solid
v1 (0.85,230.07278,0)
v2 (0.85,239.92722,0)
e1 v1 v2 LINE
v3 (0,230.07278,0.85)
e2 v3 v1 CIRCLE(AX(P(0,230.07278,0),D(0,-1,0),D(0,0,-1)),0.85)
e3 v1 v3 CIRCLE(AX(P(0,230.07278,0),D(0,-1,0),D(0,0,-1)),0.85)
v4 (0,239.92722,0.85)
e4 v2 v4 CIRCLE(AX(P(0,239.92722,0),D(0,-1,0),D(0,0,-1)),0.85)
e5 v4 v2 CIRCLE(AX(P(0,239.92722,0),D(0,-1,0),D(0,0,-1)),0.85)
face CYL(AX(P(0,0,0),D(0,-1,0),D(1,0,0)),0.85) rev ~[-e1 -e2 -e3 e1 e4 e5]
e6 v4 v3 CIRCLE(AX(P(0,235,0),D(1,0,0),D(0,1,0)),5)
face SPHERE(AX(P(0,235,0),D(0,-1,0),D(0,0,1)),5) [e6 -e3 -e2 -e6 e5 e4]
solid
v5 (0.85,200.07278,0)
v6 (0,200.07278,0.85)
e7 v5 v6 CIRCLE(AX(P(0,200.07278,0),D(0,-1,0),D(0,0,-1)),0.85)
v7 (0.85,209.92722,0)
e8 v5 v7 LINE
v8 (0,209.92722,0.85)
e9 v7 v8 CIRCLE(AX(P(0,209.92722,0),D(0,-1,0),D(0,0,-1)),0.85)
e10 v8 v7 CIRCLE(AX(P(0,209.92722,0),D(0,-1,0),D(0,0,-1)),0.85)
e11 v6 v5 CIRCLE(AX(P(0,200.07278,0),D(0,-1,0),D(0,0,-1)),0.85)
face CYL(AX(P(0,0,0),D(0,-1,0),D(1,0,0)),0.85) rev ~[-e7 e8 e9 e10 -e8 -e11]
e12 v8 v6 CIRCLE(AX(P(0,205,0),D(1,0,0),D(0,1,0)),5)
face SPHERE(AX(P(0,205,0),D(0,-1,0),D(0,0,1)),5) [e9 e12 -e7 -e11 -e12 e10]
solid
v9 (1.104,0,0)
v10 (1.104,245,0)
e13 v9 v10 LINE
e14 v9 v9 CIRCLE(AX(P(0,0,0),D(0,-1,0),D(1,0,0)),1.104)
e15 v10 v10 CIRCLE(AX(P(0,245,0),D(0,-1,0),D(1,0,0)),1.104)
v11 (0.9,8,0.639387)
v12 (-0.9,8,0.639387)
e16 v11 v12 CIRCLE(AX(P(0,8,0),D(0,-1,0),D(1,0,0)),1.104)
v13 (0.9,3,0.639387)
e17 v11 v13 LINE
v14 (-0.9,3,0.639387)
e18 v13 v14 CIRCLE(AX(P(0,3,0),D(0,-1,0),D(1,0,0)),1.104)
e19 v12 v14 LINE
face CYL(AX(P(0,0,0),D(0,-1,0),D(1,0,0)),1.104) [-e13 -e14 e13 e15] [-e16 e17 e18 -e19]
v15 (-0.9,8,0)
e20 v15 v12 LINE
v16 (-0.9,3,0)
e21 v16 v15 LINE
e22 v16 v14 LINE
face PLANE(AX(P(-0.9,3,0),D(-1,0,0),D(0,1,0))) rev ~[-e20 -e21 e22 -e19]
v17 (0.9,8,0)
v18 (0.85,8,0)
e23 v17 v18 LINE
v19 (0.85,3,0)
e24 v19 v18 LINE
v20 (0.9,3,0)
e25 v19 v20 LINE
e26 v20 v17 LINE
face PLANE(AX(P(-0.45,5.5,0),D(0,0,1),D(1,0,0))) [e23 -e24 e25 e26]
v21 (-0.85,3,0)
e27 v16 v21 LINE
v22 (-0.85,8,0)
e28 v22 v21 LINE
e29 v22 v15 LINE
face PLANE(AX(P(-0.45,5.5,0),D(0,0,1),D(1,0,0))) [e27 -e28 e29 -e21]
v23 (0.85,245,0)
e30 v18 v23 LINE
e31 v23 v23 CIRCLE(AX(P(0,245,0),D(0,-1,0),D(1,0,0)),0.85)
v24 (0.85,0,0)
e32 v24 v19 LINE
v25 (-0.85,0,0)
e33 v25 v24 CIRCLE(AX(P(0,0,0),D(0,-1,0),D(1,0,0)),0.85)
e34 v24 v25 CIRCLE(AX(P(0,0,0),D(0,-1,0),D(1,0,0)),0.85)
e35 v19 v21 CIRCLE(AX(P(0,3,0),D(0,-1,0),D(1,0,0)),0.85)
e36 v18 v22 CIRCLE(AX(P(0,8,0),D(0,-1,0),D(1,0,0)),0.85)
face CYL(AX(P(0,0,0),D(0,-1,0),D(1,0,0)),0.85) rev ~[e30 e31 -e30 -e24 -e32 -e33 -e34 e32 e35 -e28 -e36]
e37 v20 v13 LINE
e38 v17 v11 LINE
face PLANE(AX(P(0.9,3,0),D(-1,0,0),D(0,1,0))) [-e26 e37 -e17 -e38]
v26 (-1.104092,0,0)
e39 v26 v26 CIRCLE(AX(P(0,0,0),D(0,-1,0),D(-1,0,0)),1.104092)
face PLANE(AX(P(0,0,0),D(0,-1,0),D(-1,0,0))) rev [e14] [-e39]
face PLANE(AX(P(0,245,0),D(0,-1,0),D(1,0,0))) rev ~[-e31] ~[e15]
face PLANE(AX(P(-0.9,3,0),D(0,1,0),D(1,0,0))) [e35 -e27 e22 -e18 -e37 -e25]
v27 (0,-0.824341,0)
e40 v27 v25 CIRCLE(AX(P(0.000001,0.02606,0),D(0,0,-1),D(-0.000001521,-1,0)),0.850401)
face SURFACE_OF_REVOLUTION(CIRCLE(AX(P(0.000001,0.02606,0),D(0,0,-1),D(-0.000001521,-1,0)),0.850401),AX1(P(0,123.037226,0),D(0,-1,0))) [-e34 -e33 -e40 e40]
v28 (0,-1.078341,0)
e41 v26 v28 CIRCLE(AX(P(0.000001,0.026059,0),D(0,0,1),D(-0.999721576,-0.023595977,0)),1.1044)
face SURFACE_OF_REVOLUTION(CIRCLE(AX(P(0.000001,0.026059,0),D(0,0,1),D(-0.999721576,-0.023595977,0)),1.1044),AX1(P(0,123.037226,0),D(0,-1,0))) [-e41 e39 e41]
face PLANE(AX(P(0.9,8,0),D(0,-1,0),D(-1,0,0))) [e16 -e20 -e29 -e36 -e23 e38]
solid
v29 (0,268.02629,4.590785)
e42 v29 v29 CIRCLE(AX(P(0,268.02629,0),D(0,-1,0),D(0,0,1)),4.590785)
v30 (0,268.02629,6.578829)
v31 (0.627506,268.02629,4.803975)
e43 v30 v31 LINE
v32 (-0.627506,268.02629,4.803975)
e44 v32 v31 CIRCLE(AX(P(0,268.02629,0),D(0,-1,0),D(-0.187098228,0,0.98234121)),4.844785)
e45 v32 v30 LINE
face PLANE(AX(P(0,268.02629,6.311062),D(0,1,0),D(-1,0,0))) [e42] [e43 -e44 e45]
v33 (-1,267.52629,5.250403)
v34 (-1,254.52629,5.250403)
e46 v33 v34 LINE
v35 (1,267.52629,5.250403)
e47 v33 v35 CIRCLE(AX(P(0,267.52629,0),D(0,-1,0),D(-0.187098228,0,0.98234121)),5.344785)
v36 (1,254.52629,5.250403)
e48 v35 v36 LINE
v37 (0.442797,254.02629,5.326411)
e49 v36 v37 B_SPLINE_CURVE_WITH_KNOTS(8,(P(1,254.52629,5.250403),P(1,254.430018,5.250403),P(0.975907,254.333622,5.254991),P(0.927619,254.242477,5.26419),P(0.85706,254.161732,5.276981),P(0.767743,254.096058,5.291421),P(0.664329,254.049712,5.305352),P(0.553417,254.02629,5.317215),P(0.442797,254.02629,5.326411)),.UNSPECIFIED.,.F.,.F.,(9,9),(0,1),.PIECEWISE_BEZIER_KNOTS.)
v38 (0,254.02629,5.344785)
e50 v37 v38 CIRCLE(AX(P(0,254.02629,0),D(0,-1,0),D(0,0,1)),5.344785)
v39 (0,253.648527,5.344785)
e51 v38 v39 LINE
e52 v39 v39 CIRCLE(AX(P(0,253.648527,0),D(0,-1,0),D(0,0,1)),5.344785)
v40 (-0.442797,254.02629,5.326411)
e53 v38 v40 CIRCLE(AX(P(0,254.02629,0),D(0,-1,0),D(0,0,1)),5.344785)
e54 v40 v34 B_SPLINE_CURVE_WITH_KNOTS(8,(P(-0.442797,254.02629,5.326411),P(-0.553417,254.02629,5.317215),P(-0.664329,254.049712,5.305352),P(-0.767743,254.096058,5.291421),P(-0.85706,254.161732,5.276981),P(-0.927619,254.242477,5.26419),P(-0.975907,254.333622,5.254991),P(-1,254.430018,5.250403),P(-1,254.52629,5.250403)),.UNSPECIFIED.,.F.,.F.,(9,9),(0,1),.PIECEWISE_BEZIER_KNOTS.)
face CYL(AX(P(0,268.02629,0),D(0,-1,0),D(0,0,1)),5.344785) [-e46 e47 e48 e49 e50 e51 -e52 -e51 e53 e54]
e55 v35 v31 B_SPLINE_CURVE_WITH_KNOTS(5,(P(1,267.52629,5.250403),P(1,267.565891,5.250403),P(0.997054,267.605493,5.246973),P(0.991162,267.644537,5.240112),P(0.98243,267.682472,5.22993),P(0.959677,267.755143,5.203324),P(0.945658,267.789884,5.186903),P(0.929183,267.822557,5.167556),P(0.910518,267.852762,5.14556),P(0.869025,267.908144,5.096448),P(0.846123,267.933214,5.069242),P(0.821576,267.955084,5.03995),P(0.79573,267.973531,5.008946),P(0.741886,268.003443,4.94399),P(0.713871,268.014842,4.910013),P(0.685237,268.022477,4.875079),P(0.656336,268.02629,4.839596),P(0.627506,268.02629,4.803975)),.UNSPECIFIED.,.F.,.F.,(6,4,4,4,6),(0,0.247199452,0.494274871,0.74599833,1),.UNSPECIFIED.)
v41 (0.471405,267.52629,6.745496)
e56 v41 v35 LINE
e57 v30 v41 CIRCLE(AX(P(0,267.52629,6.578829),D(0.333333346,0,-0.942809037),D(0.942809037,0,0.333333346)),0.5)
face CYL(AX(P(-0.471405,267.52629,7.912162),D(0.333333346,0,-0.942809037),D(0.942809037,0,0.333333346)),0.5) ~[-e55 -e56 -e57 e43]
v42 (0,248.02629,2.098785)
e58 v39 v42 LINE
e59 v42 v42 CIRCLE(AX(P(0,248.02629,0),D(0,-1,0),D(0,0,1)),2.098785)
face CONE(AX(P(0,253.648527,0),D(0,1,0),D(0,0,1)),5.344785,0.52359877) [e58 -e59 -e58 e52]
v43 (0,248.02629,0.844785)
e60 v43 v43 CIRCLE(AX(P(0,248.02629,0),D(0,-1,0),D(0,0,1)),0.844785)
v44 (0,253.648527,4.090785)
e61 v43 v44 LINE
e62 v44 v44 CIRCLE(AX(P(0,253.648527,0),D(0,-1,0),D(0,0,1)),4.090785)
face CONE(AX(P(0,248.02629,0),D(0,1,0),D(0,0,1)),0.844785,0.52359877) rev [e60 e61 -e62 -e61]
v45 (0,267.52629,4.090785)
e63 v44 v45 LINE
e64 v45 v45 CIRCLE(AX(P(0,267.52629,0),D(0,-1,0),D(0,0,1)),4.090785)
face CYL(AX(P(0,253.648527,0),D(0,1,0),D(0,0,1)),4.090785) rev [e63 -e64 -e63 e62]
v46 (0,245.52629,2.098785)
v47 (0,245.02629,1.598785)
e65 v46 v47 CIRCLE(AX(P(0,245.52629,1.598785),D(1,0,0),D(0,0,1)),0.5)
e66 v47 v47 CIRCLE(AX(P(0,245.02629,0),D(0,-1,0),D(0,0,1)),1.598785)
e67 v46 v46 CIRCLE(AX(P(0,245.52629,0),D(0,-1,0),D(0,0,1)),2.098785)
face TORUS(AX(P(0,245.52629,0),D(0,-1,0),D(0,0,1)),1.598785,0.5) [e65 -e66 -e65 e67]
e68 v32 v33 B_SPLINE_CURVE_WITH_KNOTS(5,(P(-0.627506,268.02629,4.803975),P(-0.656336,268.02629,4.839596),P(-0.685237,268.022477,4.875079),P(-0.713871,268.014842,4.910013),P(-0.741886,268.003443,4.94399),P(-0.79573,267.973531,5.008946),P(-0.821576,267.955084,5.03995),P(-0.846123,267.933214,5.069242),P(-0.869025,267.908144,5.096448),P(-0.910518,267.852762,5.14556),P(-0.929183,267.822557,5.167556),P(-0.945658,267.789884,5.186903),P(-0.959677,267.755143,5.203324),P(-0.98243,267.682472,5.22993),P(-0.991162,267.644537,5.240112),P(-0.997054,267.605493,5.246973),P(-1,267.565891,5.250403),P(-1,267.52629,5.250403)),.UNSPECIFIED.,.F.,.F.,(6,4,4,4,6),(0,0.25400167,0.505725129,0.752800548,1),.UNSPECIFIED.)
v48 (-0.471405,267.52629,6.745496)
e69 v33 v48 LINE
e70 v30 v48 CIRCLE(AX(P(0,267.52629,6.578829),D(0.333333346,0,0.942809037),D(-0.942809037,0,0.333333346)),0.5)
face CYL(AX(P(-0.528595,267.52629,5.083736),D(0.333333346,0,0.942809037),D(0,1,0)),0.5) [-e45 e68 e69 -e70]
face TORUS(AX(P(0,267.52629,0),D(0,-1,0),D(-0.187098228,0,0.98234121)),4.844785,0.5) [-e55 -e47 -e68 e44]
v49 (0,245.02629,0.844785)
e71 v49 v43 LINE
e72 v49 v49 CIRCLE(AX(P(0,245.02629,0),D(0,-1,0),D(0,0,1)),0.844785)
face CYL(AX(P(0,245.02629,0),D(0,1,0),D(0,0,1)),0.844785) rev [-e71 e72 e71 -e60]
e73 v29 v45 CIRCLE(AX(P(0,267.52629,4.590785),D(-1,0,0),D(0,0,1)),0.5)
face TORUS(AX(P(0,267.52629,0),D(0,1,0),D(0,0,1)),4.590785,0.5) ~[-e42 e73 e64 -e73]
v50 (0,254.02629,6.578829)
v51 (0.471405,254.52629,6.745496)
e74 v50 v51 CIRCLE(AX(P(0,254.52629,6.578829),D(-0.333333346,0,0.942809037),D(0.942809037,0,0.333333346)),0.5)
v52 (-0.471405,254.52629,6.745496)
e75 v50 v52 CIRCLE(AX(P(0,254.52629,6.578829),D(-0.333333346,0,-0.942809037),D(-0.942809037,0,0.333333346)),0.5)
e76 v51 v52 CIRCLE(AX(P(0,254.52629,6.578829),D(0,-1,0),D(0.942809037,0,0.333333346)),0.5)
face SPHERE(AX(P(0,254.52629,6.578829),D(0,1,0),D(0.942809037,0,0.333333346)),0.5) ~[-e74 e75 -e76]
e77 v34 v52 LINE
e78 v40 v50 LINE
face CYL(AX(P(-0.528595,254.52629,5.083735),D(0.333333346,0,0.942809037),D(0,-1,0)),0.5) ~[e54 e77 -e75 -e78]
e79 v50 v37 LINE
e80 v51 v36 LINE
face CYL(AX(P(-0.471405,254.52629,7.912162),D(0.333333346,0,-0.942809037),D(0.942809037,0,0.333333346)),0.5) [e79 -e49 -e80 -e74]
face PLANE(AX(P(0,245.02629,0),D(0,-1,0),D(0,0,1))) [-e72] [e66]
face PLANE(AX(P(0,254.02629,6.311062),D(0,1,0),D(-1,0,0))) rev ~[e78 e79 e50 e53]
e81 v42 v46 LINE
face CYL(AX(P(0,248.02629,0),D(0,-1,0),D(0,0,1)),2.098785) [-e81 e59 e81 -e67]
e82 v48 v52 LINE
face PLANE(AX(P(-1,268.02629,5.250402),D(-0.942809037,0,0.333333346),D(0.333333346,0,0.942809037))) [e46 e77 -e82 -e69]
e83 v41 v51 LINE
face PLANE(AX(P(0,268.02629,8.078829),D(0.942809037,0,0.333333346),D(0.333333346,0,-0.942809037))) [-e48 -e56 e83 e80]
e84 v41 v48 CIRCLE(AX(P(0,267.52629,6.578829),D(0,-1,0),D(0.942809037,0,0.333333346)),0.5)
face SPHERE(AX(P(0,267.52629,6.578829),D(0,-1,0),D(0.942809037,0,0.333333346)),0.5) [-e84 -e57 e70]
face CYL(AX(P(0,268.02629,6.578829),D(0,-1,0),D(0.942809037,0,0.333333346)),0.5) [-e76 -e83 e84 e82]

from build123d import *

# Parameters (mm, degrees)
F0_R      = 1.104
F0_R_2    = 0.85
F2_DEPTH  = 245
F1_W      = 0.9
F1_H      = 5
F3_DEPTH  = 2
F8_DEPTH  = 14
F9_R      = 0.5
F13_DEPTH = 245


with BuildPart() as f2:
    # F0 (on Front) → F2 (new body)
    with BuildSketch(Plane.XZ):
        Circle(F0_R)
        Circle(F0_R_2, mode=Mode.SUBTRACT)
    extrude(amount=-F2_DEPTH)

    # F1 (on Top) → F3 (cut)
    with BuildSketch(Plane.XY):
        with Locations((-0.45, 5.5)):
            Rectangle(F1_W, F1_H)
        with Locations((0.45, 5.5)):
            Rectangle(F1_W, F1_H)
    extrude(amount=F3_DEPTH, mode=Mode.SUBTRACT)

    # F1 (on Top) → F12 (revolve)
    with BuildSketch(Plane.XY):
        with BuildLine():
            Line((0, -1.078341), (0, -0.824341))
            ThreePointArc((0, -0.824341), (-0.592038, -0.584408), (-0.85, 0))
            Line((-0.85, 0), (-1.104092, 0))
            ThreePointArc((-1.104092, 0), (-0.77166, -0.764029), (0, -1.078341))
        make_face()
    revolve(axis=Axis((0, 123.037226, 0), (0, -1, 0)))


with BuildPart() as f5:
    # F4 (on Right) → F5 (revolve)
    with BuildSketch(Plane.YZ):
        Polygon((245.02629, 2.098785), (245.02629, 0.844785), (248.02629, 0.844785), (253.648527, 4.090785), (268.02629, 4.090785), (268.02629, 5.344785), (253.648527, 5.344785), (248.02629, 2.098785), align=None)
    revolve(axis=Axis((0, 123.037226, 0), (0, -1, 0)))

    # F7 (on offset) → F8 (join)
    with BuildSketch(Plane(origin=(0, 268.02629, 0), x_dir=(-1, 0, 0), z_dir=(0, 1, 0))):
        Polygon((0, 8.078829), (-1, 5.250402), (1, 5.250402), align=None)
    extrude(amount=-F8_DEPTH)

    # F9
    f9_edges = [f5.edges().sort_by_distance(p)[0] for p in [
        (0, 268.02629, -4.090785),
        (0.5, 268.02629, 6.664616),
        (-0.5, 268.02629, 6.664616),
        (0, 268.02629, -5.344785),
        (0, 245.02629, -2.098785),
        (0.5, 254.02629, 6.664616),
        (-0.5, 254.02629, 6.664616),
        (0, 261.02629, 8.078829),
    ]]
    fillet(f9_edges, radius=F9_R)


with BuildPart() as f10:
    # F4 (on Right) → F10 (revolve)
    with BuildSketch(Plane.YZ):
        with BuildLine():
            Line((200, 0), (210, 0))
            ThreePointArc((210, 0), (205, 5), (200, 0))
        make_face()
    revolve(axis=Axis((0, 123.037226, 0), (0, -1, 0)))


with BuildPart() as f11:
    # F4 (on Right) → F11 (revolve)
    with BuildSketch(Plane.YZ):
        with BuildLine():
            Line((230, 0), (240, 0))
            ThreePointArc((240, 0), (235, 5), (230, 0))
        make_face()
    revolve(axis=Axis((0, 123.037226, 0), (0, -1, 0)))


with BuildPart() as f13_tool:
    # F0 (on Front) → F13 (new body)
    with BuildSketch(Plane.XZ):
        Circle(F0_R_2)
    extrude(amount=-F13_DEPTH)


with BuildPart() as f10_1:
    add(f10.part)

    # F13: cut by f13_tool
    add(f13_tool.part, mode=Mode.SUBTRACT)


with BuildPart() as f11_1:
    add(f11.part)

    # F13: cut by f13_tool
    add(f13_tool.part, mode=Mode.SUBTRACT)


solid = Compound([f2.part, f5.part, f10_1.part, f11_1.part])
